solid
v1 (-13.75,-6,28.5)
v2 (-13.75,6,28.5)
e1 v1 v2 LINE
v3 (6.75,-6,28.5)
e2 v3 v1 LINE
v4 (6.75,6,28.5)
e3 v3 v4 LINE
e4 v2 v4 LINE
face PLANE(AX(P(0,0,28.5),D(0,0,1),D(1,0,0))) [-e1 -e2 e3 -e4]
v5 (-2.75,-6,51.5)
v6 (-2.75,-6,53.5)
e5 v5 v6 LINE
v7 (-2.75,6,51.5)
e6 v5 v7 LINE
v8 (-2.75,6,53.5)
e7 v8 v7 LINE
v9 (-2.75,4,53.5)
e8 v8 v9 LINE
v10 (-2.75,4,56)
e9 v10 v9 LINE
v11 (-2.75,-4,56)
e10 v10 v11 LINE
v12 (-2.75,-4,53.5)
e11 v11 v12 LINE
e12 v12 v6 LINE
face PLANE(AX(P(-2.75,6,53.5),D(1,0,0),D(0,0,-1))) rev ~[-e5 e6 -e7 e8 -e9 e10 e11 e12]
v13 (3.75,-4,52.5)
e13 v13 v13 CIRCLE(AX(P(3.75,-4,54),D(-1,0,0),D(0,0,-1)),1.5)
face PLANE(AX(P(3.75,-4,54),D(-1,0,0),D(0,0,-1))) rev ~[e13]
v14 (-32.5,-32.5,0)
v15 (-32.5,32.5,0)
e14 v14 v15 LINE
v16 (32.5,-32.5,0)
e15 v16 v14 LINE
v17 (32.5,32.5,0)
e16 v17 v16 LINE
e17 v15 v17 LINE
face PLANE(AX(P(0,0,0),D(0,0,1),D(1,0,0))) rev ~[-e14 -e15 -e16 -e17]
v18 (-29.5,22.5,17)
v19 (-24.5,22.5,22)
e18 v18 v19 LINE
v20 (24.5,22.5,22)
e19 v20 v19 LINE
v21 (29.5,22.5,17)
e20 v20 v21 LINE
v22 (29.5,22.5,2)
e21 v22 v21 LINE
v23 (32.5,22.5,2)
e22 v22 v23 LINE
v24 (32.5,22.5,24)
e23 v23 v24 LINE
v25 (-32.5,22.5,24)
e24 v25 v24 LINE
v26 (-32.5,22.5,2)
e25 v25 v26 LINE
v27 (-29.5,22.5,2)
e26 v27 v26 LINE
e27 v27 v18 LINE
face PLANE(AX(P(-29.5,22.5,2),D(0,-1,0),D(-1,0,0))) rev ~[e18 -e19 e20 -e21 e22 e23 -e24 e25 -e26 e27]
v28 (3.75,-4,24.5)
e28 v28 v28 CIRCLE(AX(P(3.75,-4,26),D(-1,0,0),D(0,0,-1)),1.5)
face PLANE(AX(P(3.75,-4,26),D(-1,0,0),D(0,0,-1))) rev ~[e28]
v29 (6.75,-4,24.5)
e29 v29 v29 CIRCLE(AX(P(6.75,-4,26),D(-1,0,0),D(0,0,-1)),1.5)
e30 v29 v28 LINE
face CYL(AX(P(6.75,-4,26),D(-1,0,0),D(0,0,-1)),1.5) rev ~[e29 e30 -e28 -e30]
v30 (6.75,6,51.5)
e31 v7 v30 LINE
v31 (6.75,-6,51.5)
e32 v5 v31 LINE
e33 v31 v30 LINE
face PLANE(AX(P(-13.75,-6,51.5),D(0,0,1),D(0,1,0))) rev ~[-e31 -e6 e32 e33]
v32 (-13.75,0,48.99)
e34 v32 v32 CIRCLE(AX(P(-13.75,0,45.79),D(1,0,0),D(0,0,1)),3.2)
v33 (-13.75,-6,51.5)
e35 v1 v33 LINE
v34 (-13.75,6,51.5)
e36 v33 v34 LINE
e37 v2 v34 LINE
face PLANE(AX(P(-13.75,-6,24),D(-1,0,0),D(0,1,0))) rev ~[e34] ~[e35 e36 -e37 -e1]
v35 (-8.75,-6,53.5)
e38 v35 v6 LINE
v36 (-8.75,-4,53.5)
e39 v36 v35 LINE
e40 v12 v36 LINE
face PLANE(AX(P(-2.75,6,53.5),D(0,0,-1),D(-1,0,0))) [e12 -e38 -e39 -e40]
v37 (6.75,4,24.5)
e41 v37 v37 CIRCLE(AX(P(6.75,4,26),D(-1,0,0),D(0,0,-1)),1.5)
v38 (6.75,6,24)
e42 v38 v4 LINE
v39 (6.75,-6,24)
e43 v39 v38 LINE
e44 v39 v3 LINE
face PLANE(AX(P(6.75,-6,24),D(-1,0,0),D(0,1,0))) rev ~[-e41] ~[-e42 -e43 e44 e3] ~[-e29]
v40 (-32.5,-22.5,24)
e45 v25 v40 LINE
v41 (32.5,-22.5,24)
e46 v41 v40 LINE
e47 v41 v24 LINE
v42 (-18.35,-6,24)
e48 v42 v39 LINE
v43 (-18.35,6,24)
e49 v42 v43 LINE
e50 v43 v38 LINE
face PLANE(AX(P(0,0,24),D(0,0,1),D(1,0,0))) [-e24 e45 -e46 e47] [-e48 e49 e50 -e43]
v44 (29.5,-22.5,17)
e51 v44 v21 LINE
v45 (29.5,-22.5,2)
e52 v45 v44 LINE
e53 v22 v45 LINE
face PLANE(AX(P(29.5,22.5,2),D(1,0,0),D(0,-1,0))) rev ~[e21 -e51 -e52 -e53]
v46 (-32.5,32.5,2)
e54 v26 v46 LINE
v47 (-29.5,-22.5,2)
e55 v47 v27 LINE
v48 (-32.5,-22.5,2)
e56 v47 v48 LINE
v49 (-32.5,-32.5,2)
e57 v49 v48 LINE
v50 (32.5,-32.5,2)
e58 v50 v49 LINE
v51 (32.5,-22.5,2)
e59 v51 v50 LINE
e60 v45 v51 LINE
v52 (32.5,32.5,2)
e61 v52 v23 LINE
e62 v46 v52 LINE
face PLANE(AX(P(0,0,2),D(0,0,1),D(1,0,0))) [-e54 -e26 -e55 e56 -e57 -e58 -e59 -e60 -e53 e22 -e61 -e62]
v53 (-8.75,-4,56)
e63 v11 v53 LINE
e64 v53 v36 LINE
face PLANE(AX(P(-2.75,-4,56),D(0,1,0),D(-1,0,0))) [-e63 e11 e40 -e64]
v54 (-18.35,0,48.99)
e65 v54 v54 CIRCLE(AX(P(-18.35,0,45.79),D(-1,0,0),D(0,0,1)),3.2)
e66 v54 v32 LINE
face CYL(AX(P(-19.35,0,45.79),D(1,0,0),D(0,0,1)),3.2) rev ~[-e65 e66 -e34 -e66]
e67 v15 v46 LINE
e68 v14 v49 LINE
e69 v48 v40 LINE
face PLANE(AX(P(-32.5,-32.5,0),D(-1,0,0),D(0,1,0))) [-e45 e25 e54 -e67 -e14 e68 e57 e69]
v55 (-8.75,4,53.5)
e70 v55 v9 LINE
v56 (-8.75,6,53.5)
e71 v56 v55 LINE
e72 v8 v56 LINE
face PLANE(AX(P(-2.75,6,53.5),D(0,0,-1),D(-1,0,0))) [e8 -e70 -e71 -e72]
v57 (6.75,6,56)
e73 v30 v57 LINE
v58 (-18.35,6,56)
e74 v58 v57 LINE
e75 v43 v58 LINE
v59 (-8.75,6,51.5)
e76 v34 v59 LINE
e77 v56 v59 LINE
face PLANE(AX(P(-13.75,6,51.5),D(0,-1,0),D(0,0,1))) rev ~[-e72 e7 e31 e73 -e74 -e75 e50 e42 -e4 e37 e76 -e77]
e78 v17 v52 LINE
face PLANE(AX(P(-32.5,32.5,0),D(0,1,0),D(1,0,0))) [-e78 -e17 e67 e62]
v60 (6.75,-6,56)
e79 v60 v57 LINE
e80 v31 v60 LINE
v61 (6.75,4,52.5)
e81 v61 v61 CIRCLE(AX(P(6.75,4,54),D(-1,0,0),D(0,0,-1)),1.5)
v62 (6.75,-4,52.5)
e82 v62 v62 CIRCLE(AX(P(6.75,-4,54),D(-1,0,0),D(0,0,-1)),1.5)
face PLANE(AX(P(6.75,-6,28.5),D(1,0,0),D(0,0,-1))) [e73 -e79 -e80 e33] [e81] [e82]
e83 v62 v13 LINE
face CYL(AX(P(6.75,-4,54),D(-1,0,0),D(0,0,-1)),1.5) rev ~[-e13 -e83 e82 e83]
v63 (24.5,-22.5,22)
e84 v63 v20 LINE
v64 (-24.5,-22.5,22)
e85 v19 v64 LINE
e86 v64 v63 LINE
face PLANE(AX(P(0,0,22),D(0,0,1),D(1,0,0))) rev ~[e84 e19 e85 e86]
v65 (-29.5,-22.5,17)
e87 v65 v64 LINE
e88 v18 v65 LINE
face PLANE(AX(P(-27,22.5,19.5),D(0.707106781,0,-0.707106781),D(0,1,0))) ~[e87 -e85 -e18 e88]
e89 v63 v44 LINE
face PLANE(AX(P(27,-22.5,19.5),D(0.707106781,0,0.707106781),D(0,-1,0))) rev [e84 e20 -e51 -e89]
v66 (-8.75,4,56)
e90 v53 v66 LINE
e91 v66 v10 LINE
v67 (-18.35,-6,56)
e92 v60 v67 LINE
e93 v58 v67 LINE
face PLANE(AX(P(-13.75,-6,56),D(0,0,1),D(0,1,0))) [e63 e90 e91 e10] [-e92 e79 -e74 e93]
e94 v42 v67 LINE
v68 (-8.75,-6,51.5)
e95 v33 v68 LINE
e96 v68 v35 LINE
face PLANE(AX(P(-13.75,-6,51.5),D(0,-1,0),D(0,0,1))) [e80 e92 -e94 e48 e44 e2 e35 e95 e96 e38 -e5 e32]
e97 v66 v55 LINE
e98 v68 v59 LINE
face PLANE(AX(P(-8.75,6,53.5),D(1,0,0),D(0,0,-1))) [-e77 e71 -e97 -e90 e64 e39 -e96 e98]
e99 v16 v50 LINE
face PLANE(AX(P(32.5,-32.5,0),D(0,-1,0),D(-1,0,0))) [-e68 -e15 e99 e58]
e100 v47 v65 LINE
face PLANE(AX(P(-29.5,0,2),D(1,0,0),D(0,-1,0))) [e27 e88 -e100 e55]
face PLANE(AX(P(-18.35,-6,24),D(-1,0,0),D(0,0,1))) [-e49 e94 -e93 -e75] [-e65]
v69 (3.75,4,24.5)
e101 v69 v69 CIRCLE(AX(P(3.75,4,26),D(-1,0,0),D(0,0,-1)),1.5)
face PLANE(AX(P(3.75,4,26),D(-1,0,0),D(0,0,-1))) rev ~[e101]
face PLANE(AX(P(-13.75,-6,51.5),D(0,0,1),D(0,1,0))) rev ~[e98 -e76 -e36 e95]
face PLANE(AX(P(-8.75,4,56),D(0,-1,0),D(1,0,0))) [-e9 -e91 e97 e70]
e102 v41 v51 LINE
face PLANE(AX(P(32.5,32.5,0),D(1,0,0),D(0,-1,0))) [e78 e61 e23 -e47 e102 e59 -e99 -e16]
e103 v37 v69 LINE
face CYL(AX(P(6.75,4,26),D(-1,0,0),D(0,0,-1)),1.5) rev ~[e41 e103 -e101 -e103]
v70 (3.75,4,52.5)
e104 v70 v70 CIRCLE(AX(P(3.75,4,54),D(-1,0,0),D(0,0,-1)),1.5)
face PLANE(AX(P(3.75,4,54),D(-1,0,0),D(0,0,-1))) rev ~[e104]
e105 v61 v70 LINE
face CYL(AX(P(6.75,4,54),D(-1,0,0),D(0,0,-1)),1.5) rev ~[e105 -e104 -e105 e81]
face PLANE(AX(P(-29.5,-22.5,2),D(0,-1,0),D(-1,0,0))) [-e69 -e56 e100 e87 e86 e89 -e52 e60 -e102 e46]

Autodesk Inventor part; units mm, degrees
ref_plane "YZ Plane" through (0, 0, 0) normal (1, 0, 0) x (0, 1, 0)
ref_plane "XZ Plane" through (0, 0, 0) normal (0, 1, 0) x (-1, 0, 0)
ref_plane "XY Plane" through (0, 0, 0) normal (0, 0, 1) x (1, 0, 0)
sketch "スケッチ1" plane through (0, 0, 0) normal (0, 0, 1) x (1, 0, 0)
  line L0 (-32.5, 32.5) -> (32.5, 32.5)
  line L1 (32.5, 32.5) -> (32.5, -32.5)
  line L2 (32.5, -32.5) -> (-32.5, -32.5)
  line L3 (-32.5, -32.5) -> (-32.5, 32.5)
  line L4 (-32.5, 32.5) -> (32.5, -32.5) construction
  line L5 (32.5, 32.5) -> (-32.5, -32.5) construction
  line L6 (-27, 27) -> (27, 27) construction
  line L7 (27, 27) -> (27, -27) construction
  line L8 (27, -27) -> (-27, -27) construction
  line L9 (-27, -27) -> (-27, 27) construction
  line L10 (-27, 27) -> (27, -27) construction
  line L11 (27, 27) -> (-27, -27) construction
  point P0 (0, 0)
  dimension "d0" = 65
  dimension "d1" = 65
  dimension "d2" = 54
  dimension "d3" = 54
extrude "押し出し1" add sketch "スケッチ1" along normal blind 2
sketch "スケッチ2" plane through (0, 0, 2) normal (0, 0, 1) x (1, 0, 0)
  line L0 (0, 54.4355) -> (0, -54.4355)
  line L1 (29.5, 22.5) -> (29.5, -22.5)
  line L2 (32.5, -32.5) -> (32.5, 32.5) projected
  line L3 (29.5, -22.5) -> (32.5, -22.5)
  line L4 (29.5, 22.5) -> (32.5, 22.5)
  line L5 (-36.7742, 0) -> (36.7742, 0)
  line L6 (-29.5, 22.5) -> (-29.5, -22.5)
  line L7 (-29.5, -22.5) -> (-32.5, -22.5)
  line L8 (-29.5, 22.5) -> (-32.5, 22.5)
  line L9 (-32.5, 32.5) -> (-32.5, -32.5) projected
  point P0 (0, 0)
  point P1 (32.5, 0)
  dimension "d7" = 22.5
  dimension "d8" = 45
  dimension "d9" = 3
extrude "押し出し2" add sketch "スケッチ2" along normal blind 20
sketch "スケッチ3" plane through (0, 0, 22) normal (0, 0, 1) x (1, 0, 0)
  line L0 (-32.5, -22.5) -> (-29.5, -22.5) projected
  line L1 (-29.5, -22.5) -> (-29.5, 22.5) projected
  line L2 (-29.5, 22.5) -> (-32.5, 22.5) projected
  line L3 (-32.5, 22.5) -> (-32.5, -22.5) projected
  line L4 (29.5, -22.5) -> (32.5, -22.5) projected
  line L5 (32.5, -22.5) -> (32.5, 22.5) projected
  line L6 (32.5, 22.5) -> (29.5, 22.5) projected
  line L7 (29.5, 22.5) -> (29.5, -22.5) projected
  line L8 (32.5, -22.5) -> (-32.5, -22.5)
  line L9 (-32.5, -22.5) -> (-32.5, 22.5)
  line L10 (-32.5, 22.5) -> (32.5, 22.5)
  line L11 (32.5, 22.5) -> (32.5, -22.5)
  point P0 (0, 0)
extrude "押し出し3" add sketch "スケッチ3" along normal blind 2
sketch "スケッチ4" plane through (0, 0, 24) normal (0, 0, 1) x (1, 0, 0)
  line L0 (13.75, -6) -> (-13.75, -6)
  line L1 (-13.75, -6) -> (-13.75, 6)
  line L2 (-13.75, 6) -> (13.75, 6)
  line L3 (13.75, 6) -> (13.75, -6)
  line L4 (13.75, -6) -> (-13.75, 6) construction
  line L5 (-13.75, -6) -> (13.75, 6) construction
  line L6 (-13.75, -6) -> (6.75, -6)
  line L7 (6.75, -6) -> (6.75, 6)
  line L8 (6.75, 6) -> (-13.75, 6)
  line L9 (-13.75, 6) -> (-13.75, -6)
  point P0 (0, 0)
  point P1 (6.75, -6)
  dimension "d14" = 27.5
  dimension "d15" = 12
  dimension "d16" = 7
extrude "押し出し4" add sketch "スケッチ4" along normal blind 4.5 contours L0 L1 L2 L7
sketch "スケッチ5" plane through (0, 0, 24) normal (0, 0, 1) x (1, 0, 0)
  line L0 (-13.75, -6) -> (-13.75, 6) projected
  line L1 (-13.75, -6) -> (-19.35, -6)
  line L2 (-19.35, -6) -> (-19.35, 6)
  line L3 (-19.35, 6) -> (-13.75, 6)
  line L4 (-13.75, 6) -> (-13.75, -6)
  line L5 (6.75, 6) -> (-13.75, 6) projected
  point P0 (0, 0)
  dimension "d19" = 5.6
extrude "押し出し5" add sketch "スケッチ5" along normal blind 32
sketch "スケッチ6" plane through (-13.75, -6, 28.5) normal (1, 0, 0) x (0, 0, -1)
  line L0 (0, 12) -> (0, 0) projected
  line L1 (0, 12) -> (-27.5, 12) projected
  line L2 (-27.5, 0) -> (-27.5, 12) projected
  line L3 (0, 0) -> (-27.5, 0) projected
  line L4 (-23, 0) -> (-23, 12)
  point P0 (28.5, 6)
  dimension "d22" = 4.5
extrude "押し出し6" add sketch "スケッチ6" along normal blind 20.5 contours L4 L3 L2 L1
sketch "スケッチ7" plane through (-19.35, -6, 24) normal (-1, 0, 0) x (0, 0, 1)
  line L0 (32, 12) -> (32, 0) construction
  line L1 (32, 6) -> (0, 6) construction
  line L2 (0, 28.5) -> (0, -16.5) construction
  point P0 (-24, 6)
  point P1 (21.79, 6)
  dimension "d25" = 10.21
hole "穴1" at (-19.35, 0, 45.79) direction (1, 0, 0) diameter 6.4 depth 6.3
sketch "スケッチ8" plane through (-19.35, -6, 24) normal (-1, 0, 0) x (0, 0, 1)
  circle A0 centre (21.79, 6) radius 3.2 projected
  line L0 (0, 0) -> (0, 12) projected
  line L1 (0, 0) -> (32, 0) projected
  line L2 (32, 12) -> (32, 0) projected
  line L3 (0, 12) -> (32, 12) projected
  point P0 (-24, 6)
extrude "押し出し7" cut sketch "スケッチ8" against normal blind 1
sketch "スケッチ9" plane through (6.75, -6, 24) normal (1, 0, 0) x (0, 0, -1)
  circle A0 centre (-21.79, 6) radius 3.2 projected
  line L0 (-58.0849, 6) -> (14.5049, 6)
  line L1 (0, -16.5) -> (0, 28.5) projected
  line L2 (-16, -14.4154) -> (-16, 26.4154)
  line L3 (-32, 12) -> (-32, 0) projected
  point P0 (24, 6)
  point P1 (-2, 2)
  point P2 (-2, 10)
  point P3 (-16, 6)
  point P4 (-30, 2)
  point P5 (-30, 10)
  dimension "d35" = 8
  dimension "d36" = 2
  dimension "d37" = 16
hole "穴2" at (6.75, -4, 26) at (6.75, 4, 26) at (6.75, -4, 54) at (6.75, 4, 54) direction (-1, 0, 0) diameter 3 depth 3
sketch "スケッチ10" plane through (0, 0, 2) normal (0, 0, 1) x (1, 0, 0)
  line L0 (24.25, -0.35) -> (-24.25, -0.35)
  line L1 (-24.25, -0.35) -> (-24.25, 28.35)
  line L2 (-24.25, 28.35) -> (24.25, 28.35)
  line L3 (24.25, 28.35) -> (24.25, -0.35)
  line L4 (24.25, -0.35) -> (-24.25, 28.35) construction
  line L5 (-24.25, -0.35) -> (24.25, 28.35) construction
  line L6 (32.5, 22.5) -> (32.5, 32.5) projected
  line L7 (32.5, 32.5) -> (-32.5, 32.5) projected
  circle A0 centre (24.25, -0.35) radius 3
  circle A1 centre (24.25, 28.35) radius 3
  circle A2 centre (-24.25, 28.35) radius 3
  circle A3 centre (-24.25, -0.35) radius 3
  point P0 (0, 0)
  point P1 (0, 14)
  point P2 (32.5, 27.5)
  dimension "d45" = 48.5
  dimension "d46" = 28.7
  dimension "d47" = 32.5
  dimension "d48" = 18.5
  dimension "d56" = 6
  dimension "d57" = 6
  dimension "d58" = 6
  dimension "d59" = 6
extrude "押し出し8" [suppressed]
sketch "スケッチ11" plane through (0, 0, 0) normal (0, 0, -1) x (-1, 0, 0)
  circle A0 centre (-24.25, 28.35) radius 3 projected
  circle A1 centre (-24.25, -0.35) radius 3 projected
  circle A2 centre (24.25, -0.35) radius 3 projected
  circle A3 centre (24.25, 28.35) radius 3 projected
  point P0 (0, 0)
  point P1 (-18.5, 30)
hole "穴4" [suppressed]
chamfer "面取り1" distance 5 angle 45 2 edges at (29.5, 0, 22) (-29.5, 0, 22)
fillet "フィレット1" [suppressed]
sketch "スケッチ12" plane through (0, 0, 56) normal (0, 0, 1) x (1, 0, 0)
  line L0 (-2.75, -4) -> (-8.75, -4)
  line L1 (-8.75, -4) -> (-8.75, 4)
  line L2 (-8.75, 4) -> (-2.75, 4)
  line L3 (-2.75, 4) -> (-2.75, -4)
  line L4 (-2.75, -4) -> (-8.75, 4) construction
  line L5 (-8.75, -4) -> (-2.75, 4) construction
  line L6 (-13.75, 6) -> (-13.75, -6) projected
  line L7 (-18.35, -6) -> (6.75, -6) projected
  point P0 (0, 0)
  point P1 (-5.75, 0)
  dimension "d73" = 6
  dimension "d74" = 8
  dimension "d75" = 5
  dimension "d76" = 6
extrude "押し出し9" cut sketch "スケッチ12" against normal blind 6.75
sketch "スケッチ13" plane through (6.75, 6, 28.5) normal (0, 1, 0) x (1, 0, 0)
  line L0 (-15.5, -23) -> (-9.5, -23) projected
  line L1 (-15.5, -23) -> (-9.5, -23) projected
  line L2 (-15.5, -27.5) -> (-15.5, -23) projected
  line L3 (-9.5, -27.5) -> (-15.5, -27.5) projected
  line L4 (-9.5, -27.5) -> (-9.5, -23) projected
  line L5 (-9.5, -25) -> (-15.5, -25)
  point P0 (-6.75, 28.5)
  dimension "d79" = 2
extrude "押し出し10" cut sketch "スケッチ13" against normal through all contours L0 L4 L5 L2
properties part number "Base"
